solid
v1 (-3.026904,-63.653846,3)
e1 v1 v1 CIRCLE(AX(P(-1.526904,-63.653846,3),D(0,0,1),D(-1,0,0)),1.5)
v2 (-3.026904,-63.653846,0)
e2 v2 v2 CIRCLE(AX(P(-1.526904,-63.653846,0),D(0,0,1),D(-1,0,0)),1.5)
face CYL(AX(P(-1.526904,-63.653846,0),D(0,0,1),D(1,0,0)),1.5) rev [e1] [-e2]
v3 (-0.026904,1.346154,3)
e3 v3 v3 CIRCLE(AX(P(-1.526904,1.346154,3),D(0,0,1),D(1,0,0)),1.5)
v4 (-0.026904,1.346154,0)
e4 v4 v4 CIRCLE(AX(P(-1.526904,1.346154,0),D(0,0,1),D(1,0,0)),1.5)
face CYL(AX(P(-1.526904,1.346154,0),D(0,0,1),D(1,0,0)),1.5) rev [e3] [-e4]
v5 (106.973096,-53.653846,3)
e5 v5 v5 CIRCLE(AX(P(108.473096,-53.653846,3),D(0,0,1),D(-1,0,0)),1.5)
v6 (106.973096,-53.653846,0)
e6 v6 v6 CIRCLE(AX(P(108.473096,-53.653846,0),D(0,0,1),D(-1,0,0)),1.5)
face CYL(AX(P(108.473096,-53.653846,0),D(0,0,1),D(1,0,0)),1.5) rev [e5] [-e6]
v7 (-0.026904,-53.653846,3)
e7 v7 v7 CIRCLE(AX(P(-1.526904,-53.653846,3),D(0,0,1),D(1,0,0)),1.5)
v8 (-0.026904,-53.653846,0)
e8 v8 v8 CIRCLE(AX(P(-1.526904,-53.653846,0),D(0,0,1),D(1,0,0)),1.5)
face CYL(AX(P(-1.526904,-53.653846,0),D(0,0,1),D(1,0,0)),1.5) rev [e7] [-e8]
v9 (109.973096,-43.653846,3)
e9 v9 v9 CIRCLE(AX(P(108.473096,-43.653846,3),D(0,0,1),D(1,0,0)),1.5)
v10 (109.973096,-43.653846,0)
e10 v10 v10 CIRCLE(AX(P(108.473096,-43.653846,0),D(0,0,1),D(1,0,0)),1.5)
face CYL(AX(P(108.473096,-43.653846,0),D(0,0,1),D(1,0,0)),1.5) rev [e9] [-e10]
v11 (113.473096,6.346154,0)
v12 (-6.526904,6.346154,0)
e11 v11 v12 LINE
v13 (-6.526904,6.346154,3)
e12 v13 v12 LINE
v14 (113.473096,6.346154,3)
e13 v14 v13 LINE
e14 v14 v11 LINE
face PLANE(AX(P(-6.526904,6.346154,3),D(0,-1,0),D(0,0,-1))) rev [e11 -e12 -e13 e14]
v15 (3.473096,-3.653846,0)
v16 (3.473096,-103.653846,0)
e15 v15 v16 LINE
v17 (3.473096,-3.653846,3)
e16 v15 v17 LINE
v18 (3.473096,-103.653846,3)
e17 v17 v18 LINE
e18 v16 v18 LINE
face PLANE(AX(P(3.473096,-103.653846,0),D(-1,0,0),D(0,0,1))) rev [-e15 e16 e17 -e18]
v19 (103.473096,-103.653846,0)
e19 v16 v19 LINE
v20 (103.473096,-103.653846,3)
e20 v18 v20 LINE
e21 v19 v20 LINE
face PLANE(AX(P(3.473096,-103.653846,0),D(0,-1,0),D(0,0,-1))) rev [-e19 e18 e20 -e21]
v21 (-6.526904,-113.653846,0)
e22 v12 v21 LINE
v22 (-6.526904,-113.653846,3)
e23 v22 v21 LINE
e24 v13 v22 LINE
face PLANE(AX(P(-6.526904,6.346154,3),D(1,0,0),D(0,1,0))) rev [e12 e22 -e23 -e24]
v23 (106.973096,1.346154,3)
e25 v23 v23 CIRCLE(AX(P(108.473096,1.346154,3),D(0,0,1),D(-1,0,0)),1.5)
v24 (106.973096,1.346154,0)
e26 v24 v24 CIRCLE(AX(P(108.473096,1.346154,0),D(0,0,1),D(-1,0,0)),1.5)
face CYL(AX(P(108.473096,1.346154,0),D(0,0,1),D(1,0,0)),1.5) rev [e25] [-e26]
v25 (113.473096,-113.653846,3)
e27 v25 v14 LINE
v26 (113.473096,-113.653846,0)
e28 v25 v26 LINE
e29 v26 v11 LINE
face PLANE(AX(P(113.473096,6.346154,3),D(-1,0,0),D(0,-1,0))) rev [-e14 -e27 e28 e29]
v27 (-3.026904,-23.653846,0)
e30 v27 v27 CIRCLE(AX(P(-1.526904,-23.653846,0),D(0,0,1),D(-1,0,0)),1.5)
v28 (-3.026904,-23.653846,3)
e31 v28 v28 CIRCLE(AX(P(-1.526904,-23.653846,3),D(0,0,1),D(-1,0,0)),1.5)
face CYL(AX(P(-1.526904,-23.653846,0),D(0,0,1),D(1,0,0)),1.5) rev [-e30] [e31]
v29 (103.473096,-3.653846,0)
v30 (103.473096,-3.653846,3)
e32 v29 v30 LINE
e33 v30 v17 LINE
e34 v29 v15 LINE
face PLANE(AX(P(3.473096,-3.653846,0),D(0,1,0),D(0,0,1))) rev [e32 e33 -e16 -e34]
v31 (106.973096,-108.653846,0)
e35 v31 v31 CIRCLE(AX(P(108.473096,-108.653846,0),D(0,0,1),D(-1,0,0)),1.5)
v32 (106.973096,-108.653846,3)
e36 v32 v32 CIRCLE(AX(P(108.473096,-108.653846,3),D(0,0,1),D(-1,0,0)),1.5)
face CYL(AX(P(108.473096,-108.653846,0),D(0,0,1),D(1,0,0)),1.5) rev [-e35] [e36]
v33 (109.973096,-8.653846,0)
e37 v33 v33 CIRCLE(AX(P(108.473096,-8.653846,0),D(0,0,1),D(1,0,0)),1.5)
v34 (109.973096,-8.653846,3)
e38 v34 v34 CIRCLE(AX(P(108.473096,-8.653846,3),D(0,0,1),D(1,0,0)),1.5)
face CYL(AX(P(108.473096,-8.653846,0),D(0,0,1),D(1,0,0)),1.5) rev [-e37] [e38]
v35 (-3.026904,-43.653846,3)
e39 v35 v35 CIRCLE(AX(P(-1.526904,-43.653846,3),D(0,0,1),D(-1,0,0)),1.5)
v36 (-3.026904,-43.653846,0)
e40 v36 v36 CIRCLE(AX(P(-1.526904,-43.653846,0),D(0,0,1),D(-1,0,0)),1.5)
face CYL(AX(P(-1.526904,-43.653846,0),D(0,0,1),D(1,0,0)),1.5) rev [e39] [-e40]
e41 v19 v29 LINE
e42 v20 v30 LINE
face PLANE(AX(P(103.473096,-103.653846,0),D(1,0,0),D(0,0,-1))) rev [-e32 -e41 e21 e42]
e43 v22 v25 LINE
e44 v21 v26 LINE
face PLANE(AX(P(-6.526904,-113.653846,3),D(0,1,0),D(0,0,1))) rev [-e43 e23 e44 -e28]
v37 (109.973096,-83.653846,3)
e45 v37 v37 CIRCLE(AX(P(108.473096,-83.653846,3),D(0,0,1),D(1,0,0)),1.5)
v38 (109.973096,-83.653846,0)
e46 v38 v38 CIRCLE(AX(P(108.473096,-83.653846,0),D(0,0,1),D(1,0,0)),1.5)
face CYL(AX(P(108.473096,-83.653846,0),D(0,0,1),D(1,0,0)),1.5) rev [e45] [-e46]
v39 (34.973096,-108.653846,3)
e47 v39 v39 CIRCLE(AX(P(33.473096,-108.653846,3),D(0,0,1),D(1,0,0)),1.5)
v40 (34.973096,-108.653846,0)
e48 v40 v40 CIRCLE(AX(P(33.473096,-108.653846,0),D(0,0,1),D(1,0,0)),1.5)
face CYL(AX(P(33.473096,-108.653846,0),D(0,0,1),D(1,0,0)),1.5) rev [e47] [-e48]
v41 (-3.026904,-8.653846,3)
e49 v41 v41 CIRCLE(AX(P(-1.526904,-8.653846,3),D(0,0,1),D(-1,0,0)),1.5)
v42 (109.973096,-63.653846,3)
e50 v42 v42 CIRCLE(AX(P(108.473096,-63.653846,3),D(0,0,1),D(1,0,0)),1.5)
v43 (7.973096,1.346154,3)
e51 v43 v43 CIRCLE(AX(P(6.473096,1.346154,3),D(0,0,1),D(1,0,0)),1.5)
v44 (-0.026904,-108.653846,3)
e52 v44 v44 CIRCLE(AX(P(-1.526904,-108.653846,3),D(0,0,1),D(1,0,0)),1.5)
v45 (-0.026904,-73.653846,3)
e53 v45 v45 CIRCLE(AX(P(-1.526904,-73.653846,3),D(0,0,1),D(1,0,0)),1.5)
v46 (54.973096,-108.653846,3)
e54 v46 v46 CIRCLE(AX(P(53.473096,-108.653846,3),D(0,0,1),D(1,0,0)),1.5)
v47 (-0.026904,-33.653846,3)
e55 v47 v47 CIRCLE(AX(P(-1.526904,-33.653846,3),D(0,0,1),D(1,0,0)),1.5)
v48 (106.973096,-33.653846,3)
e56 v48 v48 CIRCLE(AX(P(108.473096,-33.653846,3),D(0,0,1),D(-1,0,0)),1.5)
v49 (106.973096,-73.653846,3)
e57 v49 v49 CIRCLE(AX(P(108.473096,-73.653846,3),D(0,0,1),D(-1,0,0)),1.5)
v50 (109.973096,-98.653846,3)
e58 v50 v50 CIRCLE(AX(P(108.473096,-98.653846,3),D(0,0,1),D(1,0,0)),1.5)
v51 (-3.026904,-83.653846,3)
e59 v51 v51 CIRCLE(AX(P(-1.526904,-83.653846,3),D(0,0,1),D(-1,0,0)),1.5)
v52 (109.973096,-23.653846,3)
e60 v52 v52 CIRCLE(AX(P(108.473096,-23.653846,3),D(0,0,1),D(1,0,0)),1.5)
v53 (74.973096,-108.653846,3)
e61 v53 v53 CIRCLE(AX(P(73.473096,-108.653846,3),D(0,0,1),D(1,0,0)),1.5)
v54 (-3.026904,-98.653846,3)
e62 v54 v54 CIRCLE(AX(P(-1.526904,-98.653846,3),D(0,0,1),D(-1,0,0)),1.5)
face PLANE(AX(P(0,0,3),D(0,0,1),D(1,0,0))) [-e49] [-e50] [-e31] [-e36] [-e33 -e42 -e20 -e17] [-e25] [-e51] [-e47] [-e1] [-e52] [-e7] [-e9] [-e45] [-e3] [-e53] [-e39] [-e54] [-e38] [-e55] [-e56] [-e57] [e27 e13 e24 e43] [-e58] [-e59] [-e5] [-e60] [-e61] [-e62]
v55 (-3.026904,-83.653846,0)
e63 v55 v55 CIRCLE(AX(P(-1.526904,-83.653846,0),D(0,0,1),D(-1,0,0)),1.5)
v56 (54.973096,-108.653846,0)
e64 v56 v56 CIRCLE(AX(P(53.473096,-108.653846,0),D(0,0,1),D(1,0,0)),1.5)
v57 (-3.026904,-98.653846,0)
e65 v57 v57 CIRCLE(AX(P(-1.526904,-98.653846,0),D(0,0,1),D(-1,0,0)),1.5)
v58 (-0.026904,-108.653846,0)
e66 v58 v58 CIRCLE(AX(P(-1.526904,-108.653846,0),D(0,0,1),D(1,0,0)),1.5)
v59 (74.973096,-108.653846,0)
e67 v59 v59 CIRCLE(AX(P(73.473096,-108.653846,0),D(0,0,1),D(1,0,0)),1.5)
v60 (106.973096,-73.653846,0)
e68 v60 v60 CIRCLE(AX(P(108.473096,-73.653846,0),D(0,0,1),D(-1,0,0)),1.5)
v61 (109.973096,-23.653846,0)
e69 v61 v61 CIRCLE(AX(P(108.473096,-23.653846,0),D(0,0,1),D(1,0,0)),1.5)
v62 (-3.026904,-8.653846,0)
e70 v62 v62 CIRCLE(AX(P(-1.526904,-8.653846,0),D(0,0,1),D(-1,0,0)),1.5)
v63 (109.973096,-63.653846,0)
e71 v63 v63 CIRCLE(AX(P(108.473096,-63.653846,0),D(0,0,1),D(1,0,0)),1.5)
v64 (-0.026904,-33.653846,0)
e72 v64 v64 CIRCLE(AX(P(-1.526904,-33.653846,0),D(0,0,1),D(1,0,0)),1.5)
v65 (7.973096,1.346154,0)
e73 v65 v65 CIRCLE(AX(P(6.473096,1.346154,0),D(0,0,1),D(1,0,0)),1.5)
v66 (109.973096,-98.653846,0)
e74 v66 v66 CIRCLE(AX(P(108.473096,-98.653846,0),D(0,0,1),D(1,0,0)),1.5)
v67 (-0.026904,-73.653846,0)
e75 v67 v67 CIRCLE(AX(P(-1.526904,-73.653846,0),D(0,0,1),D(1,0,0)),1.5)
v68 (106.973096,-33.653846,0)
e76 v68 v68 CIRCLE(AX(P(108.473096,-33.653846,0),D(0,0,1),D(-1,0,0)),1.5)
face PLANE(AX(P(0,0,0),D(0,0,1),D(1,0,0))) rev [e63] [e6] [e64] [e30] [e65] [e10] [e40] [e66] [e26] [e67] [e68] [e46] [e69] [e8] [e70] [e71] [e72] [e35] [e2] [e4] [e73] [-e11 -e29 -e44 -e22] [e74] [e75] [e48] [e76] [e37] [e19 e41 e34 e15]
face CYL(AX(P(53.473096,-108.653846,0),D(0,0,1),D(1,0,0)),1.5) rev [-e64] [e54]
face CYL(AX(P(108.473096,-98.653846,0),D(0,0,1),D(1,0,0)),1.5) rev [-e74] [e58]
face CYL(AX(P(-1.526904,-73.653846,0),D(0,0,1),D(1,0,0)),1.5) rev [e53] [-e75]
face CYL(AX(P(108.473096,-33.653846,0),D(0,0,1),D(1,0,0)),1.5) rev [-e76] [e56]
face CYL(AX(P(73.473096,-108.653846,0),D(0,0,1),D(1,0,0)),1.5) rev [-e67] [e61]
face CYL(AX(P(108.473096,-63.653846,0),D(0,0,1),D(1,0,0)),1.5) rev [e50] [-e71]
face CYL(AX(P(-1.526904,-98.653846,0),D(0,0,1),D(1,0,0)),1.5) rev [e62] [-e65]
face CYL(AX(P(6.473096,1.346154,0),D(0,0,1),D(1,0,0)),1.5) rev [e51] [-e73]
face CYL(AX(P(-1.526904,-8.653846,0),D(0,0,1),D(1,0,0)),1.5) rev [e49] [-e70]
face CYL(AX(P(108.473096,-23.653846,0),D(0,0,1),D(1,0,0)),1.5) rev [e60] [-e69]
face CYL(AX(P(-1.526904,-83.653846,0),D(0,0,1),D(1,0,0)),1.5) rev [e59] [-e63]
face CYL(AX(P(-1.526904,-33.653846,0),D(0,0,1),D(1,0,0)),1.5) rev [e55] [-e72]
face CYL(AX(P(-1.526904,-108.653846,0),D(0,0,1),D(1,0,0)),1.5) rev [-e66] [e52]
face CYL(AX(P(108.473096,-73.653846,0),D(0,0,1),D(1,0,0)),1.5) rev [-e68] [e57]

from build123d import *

# Parameters (mm, degrees)
ESBO_O1_W                = 120
ESBO_O1_H                = 120
RESSALTO_EXTRUS_O1_DEPTH = 3
ESBO_O2_W                = 100
ESBO_O2_H                = 100
CORTE_EXTRUS_O1_DEPTH    = 4
ESBO_O3_R                = 1.5
CORTE_EXTRUS_O2_DEPTH    = 4
ESBO_O4_R                = 1.5
CORTE_EXTRUS_O3_DEPTH    = 4
ESBO_O5_R                = 1.5
CORTE_EXTRUS_O4_DEPTH    = 4
ESBO_O6_R                = 1.5
CORTE_EXTRUS_O5_DEPTH    = 4


with BuildPart() as part:
    # Esboço1 → Ressalto-extrusão1 (new body)
    with BuildSketch(Plane.XY):
        with Locations((53.473096186, -53.653846154)):
            Rectangle(ESBO_O1_W, ESBO_O1_H)
    extrude(amount=RESSALTO_EXTRUS_O1_DEPTH)

    # Esboço2 → Corte-extrusão1 (cut, through all)
    with BuildSketch(Plane.XY.offset(3)):
        with Locations((53.473096186, -53.653846154)):
            Rectangle(ESBO_O2_W, ESBO_O2_H)
    extrude(amount=-CORTE_EXTRUS_O1_DEPTH, mode=Mode.SUBTRACT)

    # Esboço3 → Corte-extrusão2 (cut, through all)
    with BuildSketch(Plane.XY.offset(3)):
        with Locations((-1.526903814, 1.346153846)):
            Circle(ESBO_O3_R)
        with Locations((-1.526903814, -108.653846154)):
            Circle(ESBO_O3_R)
        with Locations((-1.526903814, -33.653846154)):
            Circle(ESBO_O3_R)
        with Locations((-1.526903814, -53.653846154)):
            Circle(ESBO_O3_R)
        with Locations((-1.526903814, -73.653846154)):
            Circle(ESBO_O3_R)
        with Locations((108.473096186, -73.653846154)):
            Circle(ESBO_O3_R)
        with Locations((108.473096186, -53.653846154)):
            Circle(ESBO_O3_R)
        with Locations((108.473096186, -33.653846154)):
            Circle(ESBO_O3_R)
        with Locations((108.473096186, -108.653846154)):
            Circle(ESBO_O3_R)
        with Locations((108.473096186, 1.346153846)):
            Circle(ESBO_O3_R)
    extrude(amount=-CORTE_EXTRUS_O2_DEPTH, mode=Mode.SUBTRACT)

    # Esboço4 → Corte-extrusão3 (cut, through all)
    with BuildSketch(Plane.XY.offset(3)):
        with Locations((6.473096186, 1.346153846)):
            Circle(ESBO_O4_R)
    extrude(amount=-CORTE_EXTRUS_O3_DEPTH, mode=Mode.SUBTRACT)

    # Esboço5 → Corte-extrusão4 (cut, through all)
    with BuildSketch(Plane.XY.offset(3)):
        with Locations((73.473096186, -108.653846154)):
            Circle(ESBO_O5_R)
        with Locations((53.473096186, -108.653846154)):
            Circle(ESBO_O5_R)
        with Locations((33.473096186, -108.653846154)):
            Circle(ESBO_O5_R)
    extrude(amount=-CORTE_EXTRUS_O4_DEPTH, mode=Mode.SUBTRACT)

    # Esboço6 → Corte-extrusão5 (cut, through all)
    with BuildSketch(Plane.XY.offset(3)):
        with Locations((108.473096186, -23.653846154)):
            Circle(ESBO_O6_R)
        with Locations((108.473096186, -43.653846154)):
            Circle(ESBO_O6_R)
        with Locations((108.473096186, -63.653846154)):
            Circle(ESBO_O6_R)
        with Locations((108.473096186, -83.653846154)):
            Circle(ESBO_O6_R)
        with Locations((-1.526903814, -83.653846154)):
            Circle(ESBO_O6_R)
        with Locations((-1.526903814, -63.653846154)):
            Circle(ESBO_O6_R)
        with Locations((-1.526903814, -43.653846154)):
            Circle(ESBO_O6_R)
        with Locations((-1.526903814, -23.653846154)):
            Circle(ESBO_O6_R)
        with Locations((108.473096186, -8.653846154)):
            Circle(ESBO_O6_R)
        with Locations((108.473096186, -98.653846154)):
            Circle(ESBO_O6_R)
        with Locations((-1.526903814, -98.653846154)):
            Circle(ESBO_O6_R)
        with Locations((-1.526903814, -8.653846154)):
            Circle(ESBO_O6_R)
    extrude(amount=-CORTE_EXTRUS_O5_DEPTH, mode=Mode.SUBTRACT)


solid = part.part
